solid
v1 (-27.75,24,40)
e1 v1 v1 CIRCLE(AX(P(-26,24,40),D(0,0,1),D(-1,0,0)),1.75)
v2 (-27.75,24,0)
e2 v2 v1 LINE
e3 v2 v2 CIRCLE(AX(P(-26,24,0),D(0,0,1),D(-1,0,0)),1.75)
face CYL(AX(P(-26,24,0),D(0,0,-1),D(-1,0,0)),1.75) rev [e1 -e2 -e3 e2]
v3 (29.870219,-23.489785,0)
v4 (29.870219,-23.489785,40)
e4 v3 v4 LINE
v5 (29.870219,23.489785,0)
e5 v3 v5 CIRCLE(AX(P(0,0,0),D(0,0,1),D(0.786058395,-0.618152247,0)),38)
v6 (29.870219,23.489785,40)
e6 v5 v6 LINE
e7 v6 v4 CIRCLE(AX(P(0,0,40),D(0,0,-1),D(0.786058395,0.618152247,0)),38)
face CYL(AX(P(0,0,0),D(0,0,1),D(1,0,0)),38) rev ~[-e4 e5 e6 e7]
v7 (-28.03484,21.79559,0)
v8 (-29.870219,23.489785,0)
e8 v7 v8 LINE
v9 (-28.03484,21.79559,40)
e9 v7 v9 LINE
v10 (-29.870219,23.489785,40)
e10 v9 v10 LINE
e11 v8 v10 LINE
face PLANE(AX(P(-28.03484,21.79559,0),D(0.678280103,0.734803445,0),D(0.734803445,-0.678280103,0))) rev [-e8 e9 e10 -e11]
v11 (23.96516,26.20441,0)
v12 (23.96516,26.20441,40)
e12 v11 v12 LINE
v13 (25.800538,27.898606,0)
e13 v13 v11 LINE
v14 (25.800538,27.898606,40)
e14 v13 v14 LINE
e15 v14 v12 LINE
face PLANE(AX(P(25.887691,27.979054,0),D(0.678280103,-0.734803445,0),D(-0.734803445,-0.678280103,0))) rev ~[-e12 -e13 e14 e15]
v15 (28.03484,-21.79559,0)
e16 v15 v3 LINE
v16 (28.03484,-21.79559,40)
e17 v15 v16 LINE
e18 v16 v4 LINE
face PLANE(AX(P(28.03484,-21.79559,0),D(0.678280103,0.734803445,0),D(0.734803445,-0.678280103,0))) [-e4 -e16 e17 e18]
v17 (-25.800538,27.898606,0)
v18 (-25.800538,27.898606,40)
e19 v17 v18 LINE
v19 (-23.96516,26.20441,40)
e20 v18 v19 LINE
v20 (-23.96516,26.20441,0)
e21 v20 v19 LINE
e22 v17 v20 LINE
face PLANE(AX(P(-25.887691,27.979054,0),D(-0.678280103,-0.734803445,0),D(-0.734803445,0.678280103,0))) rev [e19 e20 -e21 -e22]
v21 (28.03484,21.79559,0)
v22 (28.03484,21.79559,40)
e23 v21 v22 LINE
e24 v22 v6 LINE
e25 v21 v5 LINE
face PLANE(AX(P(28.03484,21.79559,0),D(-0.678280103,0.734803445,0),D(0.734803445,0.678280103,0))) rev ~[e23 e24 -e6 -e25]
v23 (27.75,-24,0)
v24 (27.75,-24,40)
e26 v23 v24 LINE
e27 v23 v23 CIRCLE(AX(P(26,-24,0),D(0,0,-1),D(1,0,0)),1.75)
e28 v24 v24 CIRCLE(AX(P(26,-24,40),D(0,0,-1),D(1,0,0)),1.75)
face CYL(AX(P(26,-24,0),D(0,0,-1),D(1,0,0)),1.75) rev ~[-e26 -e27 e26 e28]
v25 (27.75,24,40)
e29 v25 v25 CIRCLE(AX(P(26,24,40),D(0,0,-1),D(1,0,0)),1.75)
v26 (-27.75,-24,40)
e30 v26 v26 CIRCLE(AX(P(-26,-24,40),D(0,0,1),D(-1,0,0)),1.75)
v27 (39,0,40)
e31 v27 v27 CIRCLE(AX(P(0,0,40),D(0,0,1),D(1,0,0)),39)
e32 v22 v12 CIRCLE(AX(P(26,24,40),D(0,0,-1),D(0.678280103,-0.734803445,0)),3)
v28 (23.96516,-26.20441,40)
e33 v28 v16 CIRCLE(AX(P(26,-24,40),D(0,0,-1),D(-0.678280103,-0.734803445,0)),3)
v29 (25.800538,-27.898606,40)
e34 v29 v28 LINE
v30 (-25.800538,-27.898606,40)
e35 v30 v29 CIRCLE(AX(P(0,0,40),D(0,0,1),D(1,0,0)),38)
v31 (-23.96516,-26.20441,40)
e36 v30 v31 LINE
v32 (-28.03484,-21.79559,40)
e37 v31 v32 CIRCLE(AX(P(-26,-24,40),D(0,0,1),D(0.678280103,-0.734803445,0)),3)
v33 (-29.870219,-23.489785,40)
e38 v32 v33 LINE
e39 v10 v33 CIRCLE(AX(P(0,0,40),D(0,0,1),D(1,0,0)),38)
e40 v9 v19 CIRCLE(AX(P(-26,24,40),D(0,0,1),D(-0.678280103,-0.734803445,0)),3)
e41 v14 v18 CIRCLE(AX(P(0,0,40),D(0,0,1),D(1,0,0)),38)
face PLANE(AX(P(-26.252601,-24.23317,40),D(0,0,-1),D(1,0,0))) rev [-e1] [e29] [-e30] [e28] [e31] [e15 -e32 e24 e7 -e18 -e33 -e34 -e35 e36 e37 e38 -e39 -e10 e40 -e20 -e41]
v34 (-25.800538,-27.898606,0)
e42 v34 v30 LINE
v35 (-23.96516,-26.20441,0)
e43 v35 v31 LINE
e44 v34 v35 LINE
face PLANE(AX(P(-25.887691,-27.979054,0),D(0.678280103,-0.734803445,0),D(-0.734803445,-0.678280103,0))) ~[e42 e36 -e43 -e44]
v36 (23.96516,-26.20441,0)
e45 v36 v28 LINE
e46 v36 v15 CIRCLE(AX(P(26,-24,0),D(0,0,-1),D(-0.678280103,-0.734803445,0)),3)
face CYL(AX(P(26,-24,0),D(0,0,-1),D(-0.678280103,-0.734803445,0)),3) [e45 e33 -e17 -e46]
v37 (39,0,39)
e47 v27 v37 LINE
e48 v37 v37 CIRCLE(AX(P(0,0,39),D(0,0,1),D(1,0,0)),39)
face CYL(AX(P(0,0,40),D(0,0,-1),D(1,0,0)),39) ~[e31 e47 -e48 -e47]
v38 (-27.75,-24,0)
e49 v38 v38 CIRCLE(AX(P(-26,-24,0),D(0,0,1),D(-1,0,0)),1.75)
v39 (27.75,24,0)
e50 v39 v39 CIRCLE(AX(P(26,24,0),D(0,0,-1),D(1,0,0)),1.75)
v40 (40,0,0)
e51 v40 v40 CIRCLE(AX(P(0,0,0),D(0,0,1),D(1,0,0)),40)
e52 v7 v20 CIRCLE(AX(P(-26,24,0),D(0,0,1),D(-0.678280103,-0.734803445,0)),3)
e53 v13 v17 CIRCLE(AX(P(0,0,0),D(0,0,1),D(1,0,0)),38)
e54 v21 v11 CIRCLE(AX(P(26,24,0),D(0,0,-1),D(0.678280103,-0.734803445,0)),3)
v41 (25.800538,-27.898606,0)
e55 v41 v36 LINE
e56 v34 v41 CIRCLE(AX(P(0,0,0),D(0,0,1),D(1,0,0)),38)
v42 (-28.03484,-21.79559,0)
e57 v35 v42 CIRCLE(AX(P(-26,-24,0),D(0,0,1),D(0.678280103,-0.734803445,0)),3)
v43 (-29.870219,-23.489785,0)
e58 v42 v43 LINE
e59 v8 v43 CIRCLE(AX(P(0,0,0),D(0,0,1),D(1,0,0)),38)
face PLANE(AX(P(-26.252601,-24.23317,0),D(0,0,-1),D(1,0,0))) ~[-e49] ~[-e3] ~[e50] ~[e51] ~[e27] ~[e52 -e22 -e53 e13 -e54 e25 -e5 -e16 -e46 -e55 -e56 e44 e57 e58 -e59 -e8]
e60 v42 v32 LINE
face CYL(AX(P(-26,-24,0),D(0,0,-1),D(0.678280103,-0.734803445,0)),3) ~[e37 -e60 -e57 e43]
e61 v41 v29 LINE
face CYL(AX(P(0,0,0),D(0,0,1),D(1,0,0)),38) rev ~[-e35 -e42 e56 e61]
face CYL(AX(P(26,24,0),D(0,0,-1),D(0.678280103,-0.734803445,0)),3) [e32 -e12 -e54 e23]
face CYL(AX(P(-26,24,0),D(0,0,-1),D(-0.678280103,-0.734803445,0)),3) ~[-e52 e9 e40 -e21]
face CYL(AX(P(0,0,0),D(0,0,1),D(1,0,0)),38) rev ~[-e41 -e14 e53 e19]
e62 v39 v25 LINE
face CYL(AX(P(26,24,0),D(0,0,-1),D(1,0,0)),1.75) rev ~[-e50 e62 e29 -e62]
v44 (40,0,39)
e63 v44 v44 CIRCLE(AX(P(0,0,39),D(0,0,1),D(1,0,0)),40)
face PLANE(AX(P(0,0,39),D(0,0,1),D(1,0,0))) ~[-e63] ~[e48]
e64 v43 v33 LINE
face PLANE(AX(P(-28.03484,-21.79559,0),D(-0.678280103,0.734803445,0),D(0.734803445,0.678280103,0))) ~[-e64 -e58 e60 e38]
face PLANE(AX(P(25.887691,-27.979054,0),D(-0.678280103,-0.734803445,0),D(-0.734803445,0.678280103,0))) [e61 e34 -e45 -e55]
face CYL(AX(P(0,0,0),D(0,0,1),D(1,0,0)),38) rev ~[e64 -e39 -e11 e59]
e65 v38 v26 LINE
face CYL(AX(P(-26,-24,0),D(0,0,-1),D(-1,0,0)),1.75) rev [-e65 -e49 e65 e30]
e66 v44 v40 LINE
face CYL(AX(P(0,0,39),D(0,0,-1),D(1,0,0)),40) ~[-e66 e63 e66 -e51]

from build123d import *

# Parameters (mm, degrees)
SKETCH001_R = 1.75
PAD_DEPTH   = 40


with BuildPart() as part:
    # Sketch → Revolution (revolve)
    with BuildSketch(Plane.XZ):
        Polygon((38, 0), (38, 40), (39, 40), (39, 39), (40, 39), (40, 0), align=None)
    revolve(axis=Axis((0, 0, 0), (0, 0, 1)))

    # Sketch001 → Pad (new body)
    with BuildSketch(Plane(origin=(0, 0, 0), x_dir=(1, 0, 0), z_dir=(0, 0, -1))):
        with BuildLine():
            ThreePointArc((23.9651596918, 26.2044103339), (23.7955896661, 21.9651596918), (28.0348403082, 21.7955896661))
            Line((28.0348403082, 21.7955896661), (29.957371204, 23.57023357))
            Line((29.957371204, 23.57023357), (25.8876905876, 27.9790542377))
            Line((25.8876905876, 27.9790542377), (23.9651596918, 26.2044103339))
        make_face()
        with Locations((26, 24)):
            Circle(SKETCH001_R, mode=Mode.SUBTRACT)
        with BuildLine():
            ThreePointArc((28.0348403082, -21.7955896661), (23.7955896661, -21.9651596918), (23.9651596918, -26.2044103339))
            Line((25.8876905876, -27.9790542377), (23.9651596918, -26.2044103339))
            Line((29.957371204, -23.57023357), (25.8876905876, -27.9790542377))
            Line((28.0348403082, -21.7955896661), (29.957371204, -23.57023357))
        make_face()
        with Locations((26, -24)):
            Circle(SKETCH001_R, mode=Mode.SUBTRACT)
    pad = extrude(amount=-PAD_DEPTH)

    # Mirrored: Pad across Sketch001 V_Axis
    add(pad.mirror(Plane(origin=(0, 0, 0), x_dir=(0, 0, -1), z_dir=(1, 0, 0))))


solid = part.part
